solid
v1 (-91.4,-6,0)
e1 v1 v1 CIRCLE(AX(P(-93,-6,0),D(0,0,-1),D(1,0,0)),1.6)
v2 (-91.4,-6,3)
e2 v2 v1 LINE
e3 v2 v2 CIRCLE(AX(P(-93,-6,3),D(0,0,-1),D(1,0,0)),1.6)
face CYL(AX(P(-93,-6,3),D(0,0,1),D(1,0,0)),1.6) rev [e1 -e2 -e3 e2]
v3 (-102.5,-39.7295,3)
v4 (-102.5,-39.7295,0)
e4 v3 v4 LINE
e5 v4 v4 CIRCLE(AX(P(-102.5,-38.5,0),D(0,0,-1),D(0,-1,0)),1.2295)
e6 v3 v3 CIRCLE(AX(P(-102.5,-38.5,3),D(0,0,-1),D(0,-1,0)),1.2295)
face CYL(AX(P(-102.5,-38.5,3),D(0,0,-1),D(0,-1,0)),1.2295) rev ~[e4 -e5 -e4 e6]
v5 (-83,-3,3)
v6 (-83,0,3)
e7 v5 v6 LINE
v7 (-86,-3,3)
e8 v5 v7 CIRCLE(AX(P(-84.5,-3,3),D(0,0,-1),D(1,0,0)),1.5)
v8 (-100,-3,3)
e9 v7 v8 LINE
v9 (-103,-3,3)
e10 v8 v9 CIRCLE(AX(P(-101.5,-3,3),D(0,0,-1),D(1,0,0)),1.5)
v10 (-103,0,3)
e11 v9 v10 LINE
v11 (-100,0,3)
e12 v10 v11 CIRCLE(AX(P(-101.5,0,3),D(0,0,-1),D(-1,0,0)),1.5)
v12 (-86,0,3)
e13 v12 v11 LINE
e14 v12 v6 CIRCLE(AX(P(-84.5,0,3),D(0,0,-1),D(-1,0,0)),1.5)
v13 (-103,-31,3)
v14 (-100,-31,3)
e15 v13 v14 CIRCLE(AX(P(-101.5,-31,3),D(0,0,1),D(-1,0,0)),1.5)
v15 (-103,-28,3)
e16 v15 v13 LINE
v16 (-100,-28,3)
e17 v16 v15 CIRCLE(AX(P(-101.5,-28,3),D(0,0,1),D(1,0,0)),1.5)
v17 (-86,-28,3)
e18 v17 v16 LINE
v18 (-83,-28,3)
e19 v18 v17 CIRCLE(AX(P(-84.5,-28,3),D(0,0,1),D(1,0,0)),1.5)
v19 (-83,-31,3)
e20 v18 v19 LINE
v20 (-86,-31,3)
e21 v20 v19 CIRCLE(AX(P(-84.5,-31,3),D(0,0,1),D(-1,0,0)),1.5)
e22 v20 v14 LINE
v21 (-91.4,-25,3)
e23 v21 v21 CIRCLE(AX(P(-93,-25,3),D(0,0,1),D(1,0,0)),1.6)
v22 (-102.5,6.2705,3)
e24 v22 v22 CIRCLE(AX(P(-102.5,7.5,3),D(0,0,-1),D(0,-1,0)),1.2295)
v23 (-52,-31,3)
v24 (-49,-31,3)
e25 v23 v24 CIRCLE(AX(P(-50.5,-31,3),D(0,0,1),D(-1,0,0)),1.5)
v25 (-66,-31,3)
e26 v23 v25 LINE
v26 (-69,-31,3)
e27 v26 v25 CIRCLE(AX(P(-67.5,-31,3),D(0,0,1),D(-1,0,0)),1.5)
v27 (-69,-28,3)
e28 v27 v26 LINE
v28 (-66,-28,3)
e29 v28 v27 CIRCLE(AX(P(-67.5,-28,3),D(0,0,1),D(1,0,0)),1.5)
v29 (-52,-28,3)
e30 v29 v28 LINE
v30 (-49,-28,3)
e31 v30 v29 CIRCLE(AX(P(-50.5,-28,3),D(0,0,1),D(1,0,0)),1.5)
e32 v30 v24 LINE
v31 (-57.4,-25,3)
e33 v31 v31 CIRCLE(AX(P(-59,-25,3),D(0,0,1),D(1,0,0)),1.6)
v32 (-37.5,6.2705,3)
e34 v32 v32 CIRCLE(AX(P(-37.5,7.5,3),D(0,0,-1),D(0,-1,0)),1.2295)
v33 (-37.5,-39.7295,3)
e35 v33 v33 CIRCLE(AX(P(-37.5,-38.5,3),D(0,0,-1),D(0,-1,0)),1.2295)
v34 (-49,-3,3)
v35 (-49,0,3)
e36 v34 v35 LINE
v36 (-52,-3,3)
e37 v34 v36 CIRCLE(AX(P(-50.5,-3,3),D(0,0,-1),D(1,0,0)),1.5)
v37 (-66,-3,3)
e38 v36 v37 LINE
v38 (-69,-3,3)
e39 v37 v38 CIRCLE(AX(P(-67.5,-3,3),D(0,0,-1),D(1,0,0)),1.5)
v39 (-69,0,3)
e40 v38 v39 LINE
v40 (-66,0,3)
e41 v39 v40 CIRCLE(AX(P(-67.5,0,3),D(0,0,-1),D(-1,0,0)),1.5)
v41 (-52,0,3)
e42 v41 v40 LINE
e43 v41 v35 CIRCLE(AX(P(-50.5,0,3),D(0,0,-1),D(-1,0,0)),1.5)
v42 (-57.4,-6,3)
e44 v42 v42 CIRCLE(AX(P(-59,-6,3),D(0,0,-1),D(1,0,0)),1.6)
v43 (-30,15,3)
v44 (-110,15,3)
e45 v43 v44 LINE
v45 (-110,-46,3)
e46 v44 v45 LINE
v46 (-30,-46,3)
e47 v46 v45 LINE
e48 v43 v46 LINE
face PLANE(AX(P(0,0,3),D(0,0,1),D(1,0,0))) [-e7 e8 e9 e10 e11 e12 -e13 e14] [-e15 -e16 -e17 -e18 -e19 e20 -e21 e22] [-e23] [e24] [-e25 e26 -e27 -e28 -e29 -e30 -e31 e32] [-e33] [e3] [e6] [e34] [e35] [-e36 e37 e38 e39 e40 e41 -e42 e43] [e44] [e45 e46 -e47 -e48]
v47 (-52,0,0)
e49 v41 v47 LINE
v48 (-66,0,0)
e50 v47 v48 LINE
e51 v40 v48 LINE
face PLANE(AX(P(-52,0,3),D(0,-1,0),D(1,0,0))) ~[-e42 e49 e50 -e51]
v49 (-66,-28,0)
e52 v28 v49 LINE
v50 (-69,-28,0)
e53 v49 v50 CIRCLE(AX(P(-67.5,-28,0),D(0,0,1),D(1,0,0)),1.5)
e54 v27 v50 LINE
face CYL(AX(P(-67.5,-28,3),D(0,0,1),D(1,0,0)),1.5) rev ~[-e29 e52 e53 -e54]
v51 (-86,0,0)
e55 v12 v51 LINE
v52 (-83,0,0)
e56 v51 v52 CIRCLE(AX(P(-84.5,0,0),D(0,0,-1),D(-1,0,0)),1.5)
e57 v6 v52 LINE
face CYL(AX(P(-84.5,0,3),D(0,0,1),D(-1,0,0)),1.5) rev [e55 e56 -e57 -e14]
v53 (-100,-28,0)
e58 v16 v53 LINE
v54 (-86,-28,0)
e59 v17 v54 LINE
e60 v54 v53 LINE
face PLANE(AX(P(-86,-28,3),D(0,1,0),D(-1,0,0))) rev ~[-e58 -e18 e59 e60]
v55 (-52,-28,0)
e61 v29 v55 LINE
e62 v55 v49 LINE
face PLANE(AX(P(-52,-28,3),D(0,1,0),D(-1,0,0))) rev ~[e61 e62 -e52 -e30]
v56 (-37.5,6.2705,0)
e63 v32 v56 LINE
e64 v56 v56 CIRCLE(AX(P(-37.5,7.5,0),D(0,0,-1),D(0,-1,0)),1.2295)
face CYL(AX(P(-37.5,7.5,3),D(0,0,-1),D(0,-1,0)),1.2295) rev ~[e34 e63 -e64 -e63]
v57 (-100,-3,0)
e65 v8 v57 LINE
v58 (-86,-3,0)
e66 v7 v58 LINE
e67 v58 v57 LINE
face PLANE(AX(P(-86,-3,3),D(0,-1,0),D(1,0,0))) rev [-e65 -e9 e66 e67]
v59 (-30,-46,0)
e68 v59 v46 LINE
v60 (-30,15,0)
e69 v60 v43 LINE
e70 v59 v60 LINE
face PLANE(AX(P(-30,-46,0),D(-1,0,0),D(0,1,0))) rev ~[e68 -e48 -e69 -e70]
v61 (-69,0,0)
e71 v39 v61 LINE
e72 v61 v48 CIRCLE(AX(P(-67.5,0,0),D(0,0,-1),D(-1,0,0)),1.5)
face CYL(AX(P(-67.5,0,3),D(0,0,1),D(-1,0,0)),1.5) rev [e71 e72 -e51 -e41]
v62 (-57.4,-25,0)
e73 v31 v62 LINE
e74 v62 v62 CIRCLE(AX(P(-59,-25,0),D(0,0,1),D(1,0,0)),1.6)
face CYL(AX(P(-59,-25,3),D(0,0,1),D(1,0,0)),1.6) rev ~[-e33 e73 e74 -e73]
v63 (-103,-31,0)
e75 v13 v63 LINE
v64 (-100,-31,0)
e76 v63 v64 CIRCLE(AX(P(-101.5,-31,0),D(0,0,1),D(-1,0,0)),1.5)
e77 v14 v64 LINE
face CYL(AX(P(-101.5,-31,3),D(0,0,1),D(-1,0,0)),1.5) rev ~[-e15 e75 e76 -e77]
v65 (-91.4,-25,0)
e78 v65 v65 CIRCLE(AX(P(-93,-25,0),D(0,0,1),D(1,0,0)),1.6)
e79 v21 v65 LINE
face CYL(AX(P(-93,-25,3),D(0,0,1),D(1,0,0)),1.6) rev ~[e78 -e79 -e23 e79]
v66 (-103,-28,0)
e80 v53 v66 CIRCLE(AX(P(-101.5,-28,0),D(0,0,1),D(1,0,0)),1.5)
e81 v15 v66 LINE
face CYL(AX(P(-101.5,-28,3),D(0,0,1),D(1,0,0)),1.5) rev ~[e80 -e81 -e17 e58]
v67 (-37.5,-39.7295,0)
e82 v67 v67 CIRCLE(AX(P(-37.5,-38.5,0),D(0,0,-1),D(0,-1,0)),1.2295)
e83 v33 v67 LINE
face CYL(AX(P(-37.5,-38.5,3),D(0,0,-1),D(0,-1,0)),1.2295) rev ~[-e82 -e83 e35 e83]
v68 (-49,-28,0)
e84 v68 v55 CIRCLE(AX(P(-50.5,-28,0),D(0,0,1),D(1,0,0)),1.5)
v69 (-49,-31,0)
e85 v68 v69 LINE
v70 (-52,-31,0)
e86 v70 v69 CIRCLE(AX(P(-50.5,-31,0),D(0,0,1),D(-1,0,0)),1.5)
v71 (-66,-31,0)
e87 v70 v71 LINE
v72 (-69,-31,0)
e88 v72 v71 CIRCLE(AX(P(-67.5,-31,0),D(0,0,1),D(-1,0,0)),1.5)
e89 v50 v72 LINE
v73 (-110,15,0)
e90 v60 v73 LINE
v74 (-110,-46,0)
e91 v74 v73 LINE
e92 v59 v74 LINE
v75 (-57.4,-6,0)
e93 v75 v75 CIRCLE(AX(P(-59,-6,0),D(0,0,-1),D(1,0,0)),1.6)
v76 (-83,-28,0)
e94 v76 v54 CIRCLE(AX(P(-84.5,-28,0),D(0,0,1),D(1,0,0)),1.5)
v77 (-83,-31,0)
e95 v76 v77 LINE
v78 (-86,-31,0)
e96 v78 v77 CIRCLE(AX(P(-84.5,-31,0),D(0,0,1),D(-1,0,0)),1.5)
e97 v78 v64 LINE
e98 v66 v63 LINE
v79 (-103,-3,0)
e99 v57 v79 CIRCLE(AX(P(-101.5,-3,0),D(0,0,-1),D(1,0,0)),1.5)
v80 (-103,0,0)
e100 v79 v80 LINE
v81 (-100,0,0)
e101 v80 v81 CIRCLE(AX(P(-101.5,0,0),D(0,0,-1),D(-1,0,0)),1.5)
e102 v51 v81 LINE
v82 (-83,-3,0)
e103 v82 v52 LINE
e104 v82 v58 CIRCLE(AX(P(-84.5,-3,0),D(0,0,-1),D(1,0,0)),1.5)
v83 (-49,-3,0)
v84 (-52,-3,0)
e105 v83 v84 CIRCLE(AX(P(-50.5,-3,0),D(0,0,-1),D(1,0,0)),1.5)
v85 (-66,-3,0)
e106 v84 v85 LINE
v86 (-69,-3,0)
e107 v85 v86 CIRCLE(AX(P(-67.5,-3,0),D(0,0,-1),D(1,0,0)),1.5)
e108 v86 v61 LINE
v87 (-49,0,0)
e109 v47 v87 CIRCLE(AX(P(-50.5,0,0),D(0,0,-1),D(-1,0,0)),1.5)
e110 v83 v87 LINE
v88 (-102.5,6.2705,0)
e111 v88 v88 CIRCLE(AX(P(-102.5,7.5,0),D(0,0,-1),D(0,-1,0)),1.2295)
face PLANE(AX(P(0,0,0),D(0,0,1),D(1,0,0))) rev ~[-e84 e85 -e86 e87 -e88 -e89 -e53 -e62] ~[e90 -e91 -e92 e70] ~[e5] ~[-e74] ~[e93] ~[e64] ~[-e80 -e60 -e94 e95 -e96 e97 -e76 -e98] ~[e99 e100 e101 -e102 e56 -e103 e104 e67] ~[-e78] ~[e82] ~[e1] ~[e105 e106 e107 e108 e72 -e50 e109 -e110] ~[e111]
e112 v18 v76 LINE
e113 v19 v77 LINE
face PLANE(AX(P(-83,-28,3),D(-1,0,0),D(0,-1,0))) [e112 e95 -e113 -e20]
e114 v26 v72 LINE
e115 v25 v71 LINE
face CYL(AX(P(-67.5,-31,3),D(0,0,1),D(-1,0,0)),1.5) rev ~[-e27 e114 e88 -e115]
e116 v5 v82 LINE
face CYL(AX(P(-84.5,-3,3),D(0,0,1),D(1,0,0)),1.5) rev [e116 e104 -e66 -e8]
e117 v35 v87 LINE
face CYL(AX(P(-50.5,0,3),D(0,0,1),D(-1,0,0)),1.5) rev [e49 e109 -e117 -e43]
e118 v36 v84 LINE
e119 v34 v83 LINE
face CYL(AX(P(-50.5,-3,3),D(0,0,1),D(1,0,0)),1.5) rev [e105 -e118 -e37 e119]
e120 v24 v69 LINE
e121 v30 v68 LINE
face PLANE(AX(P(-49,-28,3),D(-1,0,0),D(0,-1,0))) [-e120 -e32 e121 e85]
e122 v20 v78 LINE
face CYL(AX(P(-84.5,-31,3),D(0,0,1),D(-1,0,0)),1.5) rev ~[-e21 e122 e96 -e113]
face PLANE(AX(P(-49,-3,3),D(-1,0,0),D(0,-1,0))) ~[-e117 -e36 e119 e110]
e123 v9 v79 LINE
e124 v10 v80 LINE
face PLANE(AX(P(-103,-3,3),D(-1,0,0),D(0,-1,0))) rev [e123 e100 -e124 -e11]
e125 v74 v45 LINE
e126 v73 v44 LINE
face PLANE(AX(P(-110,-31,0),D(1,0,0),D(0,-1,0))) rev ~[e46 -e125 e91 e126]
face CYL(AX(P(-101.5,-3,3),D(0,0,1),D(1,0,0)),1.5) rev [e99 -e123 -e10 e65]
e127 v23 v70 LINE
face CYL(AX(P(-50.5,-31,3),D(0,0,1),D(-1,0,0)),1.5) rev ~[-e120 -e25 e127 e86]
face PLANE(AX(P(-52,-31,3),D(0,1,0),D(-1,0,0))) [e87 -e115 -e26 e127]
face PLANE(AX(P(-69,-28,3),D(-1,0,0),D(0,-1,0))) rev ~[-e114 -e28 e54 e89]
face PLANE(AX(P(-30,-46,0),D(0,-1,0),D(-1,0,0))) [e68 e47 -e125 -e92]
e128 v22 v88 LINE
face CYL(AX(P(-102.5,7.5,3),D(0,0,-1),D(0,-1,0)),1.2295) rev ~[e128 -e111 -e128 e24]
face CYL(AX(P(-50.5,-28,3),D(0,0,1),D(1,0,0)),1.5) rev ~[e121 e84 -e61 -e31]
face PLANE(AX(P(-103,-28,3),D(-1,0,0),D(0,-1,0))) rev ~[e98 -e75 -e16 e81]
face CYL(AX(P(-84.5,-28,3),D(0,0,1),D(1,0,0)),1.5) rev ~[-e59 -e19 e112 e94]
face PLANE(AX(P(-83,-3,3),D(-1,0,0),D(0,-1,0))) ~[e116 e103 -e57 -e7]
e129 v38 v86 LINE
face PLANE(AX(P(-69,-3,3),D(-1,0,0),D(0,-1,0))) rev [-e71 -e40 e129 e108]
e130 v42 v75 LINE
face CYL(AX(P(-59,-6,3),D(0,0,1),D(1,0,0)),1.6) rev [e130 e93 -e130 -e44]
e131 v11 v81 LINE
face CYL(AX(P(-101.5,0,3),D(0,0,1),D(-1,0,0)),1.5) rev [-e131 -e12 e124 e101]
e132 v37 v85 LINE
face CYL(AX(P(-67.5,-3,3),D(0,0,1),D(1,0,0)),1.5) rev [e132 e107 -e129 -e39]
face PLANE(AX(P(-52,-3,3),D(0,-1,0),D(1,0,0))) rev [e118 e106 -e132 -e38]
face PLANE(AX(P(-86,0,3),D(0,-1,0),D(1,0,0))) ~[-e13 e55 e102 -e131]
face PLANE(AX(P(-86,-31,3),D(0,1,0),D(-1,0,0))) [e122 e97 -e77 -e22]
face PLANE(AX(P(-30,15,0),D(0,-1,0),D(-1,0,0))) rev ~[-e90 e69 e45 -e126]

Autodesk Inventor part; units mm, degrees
ref_plane "YZ Plane" through (0, 0, 0) normal (1, 0, 0) x (0, 1, 0)
ref_plane "XZ Plane" through (0, 0, 0) normal (0, 1, 0) x (-1, 0, 0)
ref_plane "XY Plane" through (0, 0, 0) normal (0, 0, 1) x (1, 0, 0)
sketch "スケッチ1" plane through (0, 0, 0) normal (0, 0, 1) x (1, 0, 0)
  line L0 (0, -31) -> (0, -46) projected
  line L1 (0, -31) -> (-140, -31) projected
  line L2 (-140, -46) -> (-140, -31) projected
  line L3 (0, -46) -> (-140, -46) projected
  line L4 (-30, 15) -> (-110, 15)
  line L5 (-110, 15) -> (-110, -46)
  line L6 (-110, -46) -> (-30, -46)
  line L7 (-30, -46) -> (-30, 15)
  line L8 (0, 15) -> (0, 0) projected
  line L9 (0, 15) -> (-140, 15) projected
  line L10 (-140, 0) -> (-140, 15) projected
  line L11 (0, 0) -> (-140, 0) projected
  circle A0 centre (-37.5, 7.5) radius 1.6 projected
  circle A1 centre (-102.5, 7.5) radius 1.6 projected
  circle A2 centre (-37.5, -38.5) radius 1.6 projected
  circle A3 centre (-102.5, -38.5) radius 1.6 projected
  dimension "d1" = 80
  dimension "d15" = 30
extrude "押し出し1" add sketch "スケッチ1" along normal blind 3 contours L7 L3 L5 L1 | L1 L5 L11 L7 | L11 L5 L4 L7 | A0 | A1 | A2 | A3
sketch "スケッチ2" plane through (0, 0, 3) normal (0, 0, 1) x (1, 0, 0)
  line L0 (-110, -46) -> (-30, -46) projected
  line L1 (-30, 15) -> (-110, 15) projected
  line L2 (-30, -46) -> (-30, 15) projected
  line L3 (-110, 15) -> (-110, -46) projected
  point P0 (0, 0)
  point P1 (-37.5, 7.5)
  point P2 (-37.5, -38.5)
  point P3 (-102.5, -38.5)
  point P4 (-102.5, 7.5)
  dimension "d4" = 7.5
  dimension "d5" = 7.5
  dimension "d6" = 7.5
  dimension "d7" = 7.5
hole "穴1" at (-37.5, 7.5, 3) at (-37.5, -38.5, 3) at (-102.5, -38.5, 3) at (-102.5, 7.5, 3) direction (0, 0, -1) diameter 2.459 end through all thread size "M3x0.5" class "6H" standard "ISO Metric profile"
sketch "スケッチ3" plane through (0, 0, 3) normal (0, 0, 1) x (1, 0, 0)
  line L0 (-52, -28) -> (-66, -28)
  line L1 (-69, -28) -> (-69, -31)
  line L2 (-52, -31) -> (-66, -31)
  line L3 (-49, -28) -> (-49, -31)
  line L4 (-30, -46) -> (-30, 15) projected
  line L5 (-110, -46) -> (-30, -46) projected
  arc A0 (-69, -31) -> (-66, -31) centre (-67.5, -31) ccw
  arc A1 (-52, -31) -> (-49, -31) centre (-50.5, -31) ccw
  arc A2 (-66, -28) -> (-69, -28) centre (-67.5, -28) ccw
  arc A3 (-49, -28) -> (-52, -28) centre (-50.5, -28) ccw
  circle A4 centre (-59, -25) radius 1.6
  point P0 (0, 0)
  point P1 (-59, -28)
  dimension "d16" = 19
  dimension "d17" = 15
  dimension "d18" = 3
  dimension "d19" = 20
  dimension "d21" = 3
  dimension "d32" = 3
  dimension "d33" = 3.2
extrude "押し出し2" cut sketch "スケッチ3" against normal blind 3
ref_plane "作業平面1" through (-110, -15.5, 0) normal (0, 1, 0) x (1, 0, 0)
mirror "ミラー1" about plane through (-110, -15.5, 0) normal (0, 1, 0) of "押し出し2"
pattern_linear "矩形状パターン1" count 2 spacing 34 along (-1, 0, 0) of "押し出し2", "ミラー1"
equation "\"d5\" = d4"
properties part number "plate2" material "アルミニウム 2014-T4"
